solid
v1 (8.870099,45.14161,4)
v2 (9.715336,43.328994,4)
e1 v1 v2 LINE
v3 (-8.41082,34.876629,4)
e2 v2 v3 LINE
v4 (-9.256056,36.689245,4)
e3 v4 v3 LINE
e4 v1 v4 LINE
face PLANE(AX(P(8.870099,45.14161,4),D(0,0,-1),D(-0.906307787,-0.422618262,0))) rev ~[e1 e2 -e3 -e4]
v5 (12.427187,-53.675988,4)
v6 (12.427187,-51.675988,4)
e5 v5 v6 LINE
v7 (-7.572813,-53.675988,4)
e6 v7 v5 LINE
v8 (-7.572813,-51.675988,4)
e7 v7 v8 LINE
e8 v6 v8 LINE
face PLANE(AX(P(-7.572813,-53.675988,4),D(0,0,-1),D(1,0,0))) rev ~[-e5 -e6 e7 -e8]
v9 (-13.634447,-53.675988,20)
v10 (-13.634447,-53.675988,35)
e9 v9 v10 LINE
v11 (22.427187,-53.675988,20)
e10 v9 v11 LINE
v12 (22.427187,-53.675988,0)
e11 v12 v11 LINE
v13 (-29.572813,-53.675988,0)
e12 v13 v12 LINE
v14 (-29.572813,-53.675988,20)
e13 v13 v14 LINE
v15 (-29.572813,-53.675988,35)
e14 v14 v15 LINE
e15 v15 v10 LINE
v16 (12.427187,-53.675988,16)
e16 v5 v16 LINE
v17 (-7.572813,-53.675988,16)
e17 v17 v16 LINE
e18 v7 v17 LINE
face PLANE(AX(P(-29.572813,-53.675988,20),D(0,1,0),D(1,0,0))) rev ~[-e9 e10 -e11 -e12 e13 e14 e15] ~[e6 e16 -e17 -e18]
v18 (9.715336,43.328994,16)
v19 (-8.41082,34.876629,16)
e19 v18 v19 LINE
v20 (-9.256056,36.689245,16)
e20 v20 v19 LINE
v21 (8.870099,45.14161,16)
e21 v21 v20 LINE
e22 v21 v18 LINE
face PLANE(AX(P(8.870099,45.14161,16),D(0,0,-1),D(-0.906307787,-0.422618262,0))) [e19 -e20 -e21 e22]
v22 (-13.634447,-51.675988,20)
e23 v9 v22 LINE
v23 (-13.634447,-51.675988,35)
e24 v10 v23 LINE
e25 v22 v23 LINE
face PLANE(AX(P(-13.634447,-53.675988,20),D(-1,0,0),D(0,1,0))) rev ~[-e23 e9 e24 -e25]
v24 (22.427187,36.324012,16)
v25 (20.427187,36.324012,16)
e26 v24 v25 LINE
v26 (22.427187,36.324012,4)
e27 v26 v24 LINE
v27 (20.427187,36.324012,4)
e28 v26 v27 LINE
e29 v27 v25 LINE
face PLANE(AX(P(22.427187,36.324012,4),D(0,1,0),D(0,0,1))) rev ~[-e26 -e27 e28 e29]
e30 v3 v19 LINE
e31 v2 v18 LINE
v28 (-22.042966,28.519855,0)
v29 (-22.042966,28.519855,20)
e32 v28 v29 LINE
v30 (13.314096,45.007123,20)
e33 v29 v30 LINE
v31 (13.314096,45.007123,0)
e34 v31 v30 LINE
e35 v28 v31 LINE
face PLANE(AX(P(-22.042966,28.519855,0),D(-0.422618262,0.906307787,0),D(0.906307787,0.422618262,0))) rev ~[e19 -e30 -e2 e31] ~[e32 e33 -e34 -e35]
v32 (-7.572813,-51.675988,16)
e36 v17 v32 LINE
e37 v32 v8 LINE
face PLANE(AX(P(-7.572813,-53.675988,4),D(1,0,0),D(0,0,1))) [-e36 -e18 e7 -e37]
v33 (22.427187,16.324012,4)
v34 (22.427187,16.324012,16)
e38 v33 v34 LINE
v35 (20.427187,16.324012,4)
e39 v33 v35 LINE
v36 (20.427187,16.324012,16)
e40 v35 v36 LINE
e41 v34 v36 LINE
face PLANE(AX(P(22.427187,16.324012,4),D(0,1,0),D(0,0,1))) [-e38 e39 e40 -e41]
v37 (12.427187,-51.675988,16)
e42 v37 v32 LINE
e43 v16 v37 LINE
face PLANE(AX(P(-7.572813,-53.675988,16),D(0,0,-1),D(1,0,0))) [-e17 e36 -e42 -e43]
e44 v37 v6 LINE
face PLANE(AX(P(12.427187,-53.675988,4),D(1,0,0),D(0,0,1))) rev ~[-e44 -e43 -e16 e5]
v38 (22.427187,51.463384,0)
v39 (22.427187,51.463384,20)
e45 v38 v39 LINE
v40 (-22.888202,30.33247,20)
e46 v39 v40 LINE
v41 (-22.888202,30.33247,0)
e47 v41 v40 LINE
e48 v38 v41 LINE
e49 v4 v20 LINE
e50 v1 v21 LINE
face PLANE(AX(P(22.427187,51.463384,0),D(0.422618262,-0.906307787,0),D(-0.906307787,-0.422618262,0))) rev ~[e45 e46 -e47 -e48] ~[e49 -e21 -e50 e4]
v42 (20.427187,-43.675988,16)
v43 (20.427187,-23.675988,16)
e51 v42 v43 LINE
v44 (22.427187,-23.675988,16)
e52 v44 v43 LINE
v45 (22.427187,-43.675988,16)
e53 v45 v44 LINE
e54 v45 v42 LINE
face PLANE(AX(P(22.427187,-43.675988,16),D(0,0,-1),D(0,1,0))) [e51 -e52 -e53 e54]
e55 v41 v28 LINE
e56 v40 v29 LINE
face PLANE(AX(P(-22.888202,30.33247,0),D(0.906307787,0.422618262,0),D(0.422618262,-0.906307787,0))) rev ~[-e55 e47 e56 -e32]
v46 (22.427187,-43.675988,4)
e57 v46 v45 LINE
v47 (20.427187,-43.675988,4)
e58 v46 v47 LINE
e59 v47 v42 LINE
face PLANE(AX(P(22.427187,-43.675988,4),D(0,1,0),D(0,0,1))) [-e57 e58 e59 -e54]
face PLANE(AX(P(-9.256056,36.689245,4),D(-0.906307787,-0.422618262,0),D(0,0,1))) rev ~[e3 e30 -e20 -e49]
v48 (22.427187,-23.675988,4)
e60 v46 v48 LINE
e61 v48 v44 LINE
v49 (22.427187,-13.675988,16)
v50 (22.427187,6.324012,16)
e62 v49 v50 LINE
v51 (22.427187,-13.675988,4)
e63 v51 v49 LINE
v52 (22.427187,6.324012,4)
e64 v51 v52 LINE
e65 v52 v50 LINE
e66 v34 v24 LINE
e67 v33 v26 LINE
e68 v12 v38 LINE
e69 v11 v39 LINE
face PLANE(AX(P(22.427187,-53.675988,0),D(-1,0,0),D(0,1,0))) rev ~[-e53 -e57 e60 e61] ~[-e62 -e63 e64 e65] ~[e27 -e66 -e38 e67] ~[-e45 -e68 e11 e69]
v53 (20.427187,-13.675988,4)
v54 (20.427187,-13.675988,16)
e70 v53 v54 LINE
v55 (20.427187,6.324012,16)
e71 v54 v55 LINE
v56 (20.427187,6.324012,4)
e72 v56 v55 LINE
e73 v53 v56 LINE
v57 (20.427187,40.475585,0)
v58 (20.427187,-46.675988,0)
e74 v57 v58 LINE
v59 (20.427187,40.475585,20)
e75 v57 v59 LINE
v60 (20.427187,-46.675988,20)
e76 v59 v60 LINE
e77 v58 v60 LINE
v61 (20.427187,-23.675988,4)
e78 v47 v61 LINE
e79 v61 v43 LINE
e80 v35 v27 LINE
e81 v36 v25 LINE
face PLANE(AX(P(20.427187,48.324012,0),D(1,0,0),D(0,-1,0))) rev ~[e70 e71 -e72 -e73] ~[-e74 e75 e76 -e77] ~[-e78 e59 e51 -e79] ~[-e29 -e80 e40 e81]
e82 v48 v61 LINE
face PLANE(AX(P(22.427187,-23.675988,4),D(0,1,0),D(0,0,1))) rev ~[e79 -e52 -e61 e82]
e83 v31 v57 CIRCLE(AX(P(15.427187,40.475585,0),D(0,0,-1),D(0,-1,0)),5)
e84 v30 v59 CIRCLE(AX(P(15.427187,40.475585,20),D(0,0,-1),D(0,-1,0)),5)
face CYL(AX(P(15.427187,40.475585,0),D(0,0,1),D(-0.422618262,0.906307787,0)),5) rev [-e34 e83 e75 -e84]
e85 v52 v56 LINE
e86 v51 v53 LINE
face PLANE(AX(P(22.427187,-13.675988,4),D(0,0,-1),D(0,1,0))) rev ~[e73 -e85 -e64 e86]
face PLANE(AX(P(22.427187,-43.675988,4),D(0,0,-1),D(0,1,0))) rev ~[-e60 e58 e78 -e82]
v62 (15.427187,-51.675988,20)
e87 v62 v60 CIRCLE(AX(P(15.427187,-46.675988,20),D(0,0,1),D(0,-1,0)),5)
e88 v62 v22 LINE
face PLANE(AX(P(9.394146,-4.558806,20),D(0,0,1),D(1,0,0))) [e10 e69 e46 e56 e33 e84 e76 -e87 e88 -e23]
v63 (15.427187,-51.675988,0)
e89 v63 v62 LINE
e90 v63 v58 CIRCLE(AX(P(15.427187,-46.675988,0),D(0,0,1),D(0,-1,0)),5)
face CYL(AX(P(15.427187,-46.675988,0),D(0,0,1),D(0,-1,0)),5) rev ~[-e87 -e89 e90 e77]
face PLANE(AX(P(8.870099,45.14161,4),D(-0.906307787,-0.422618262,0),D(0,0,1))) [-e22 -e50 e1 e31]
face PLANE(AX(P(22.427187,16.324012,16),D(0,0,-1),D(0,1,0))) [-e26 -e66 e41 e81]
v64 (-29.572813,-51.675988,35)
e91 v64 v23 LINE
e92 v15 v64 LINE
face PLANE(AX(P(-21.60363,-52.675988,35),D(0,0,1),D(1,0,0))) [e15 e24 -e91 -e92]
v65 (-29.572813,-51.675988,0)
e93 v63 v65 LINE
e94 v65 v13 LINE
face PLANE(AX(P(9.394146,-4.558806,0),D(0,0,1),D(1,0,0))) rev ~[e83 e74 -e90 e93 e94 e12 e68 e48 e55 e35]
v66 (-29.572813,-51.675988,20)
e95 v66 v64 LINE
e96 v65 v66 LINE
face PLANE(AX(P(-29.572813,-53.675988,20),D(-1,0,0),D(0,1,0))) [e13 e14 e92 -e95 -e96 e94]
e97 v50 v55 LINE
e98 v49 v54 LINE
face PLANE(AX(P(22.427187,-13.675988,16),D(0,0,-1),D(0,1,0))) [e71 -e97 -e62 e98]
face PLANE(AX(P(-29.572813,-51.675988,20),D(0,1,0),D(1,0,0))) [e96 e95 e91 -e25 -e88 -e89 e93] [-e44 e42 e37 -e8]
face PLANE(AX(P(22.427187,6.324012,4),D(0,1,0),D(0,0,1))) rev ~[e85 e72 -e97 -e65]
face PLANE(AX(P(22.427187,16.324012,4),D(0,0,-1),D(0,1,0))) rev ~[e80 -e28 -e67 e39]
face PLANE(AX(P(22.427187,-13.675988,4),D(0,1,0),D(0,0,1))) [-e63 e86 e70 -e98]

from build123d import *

# Parameters (mm, degrees)
F1_DEPTH  = 20
F2_R      = 5
F3_W      = 15.9383661317
F3_H      = 2
F4_DEPTH  = 15
F5_W      = 20
F5_H      = 12
F6_DEPTH  = 2
F7_W      = 20
F7_H      = 12
F8_DEPTH  = 15.2
F9_W      = 20
F9_H      = 12
F10_DEPTH = 25


with BuildPart() as f1:
    # F0 (on Top) → F1 (new body)
    with BuildSketch(Plane.XY):
        Polygon((20.42718686, -51.6759875909), (-29.57281314, -51.6759875909), (-29.57281314, -53.6759875909), (22.42718686, -53.6759875909), (22.42718686, 51.4633835634), (-22.8882024919, 30.3324704763), (-22.0429659684, 28.5198549023), (20.42718686, 48.3240124091), align=None)
    extrude(amount=F1_DEPTH)

    # F2
    f2_edges = [f1.edges().sort_by_distance(p)[0] for p in [
        (20.427187, 48.324012, 10),
        (20.427187, -51.675988, 10),
    ]]
    fillet(f2_edges, radius=F2_R)

    # F3 (on face) → F4 (join)
    with BuildSketch(Plane.XY.offset(20)):
        with Locations((-21.6036300742, -52.6759875909)):
            Rectangle(F3_W, F3_H)
    extrude(amount=F4_DEPTH)

    # F5 (on face) → F6 (cut, through all)
    with BuildSketch(Plane.YZ.offset(22.42718686)):
        with Locations((-33.6759875909, 10)):
            Rectangle(F5_W, F5_H)
        with Locations((-3.6759875909, 10)):
            Rectangle(F5_W, F5_H)
        with Locations((26.3240124091, 10)):
            Rectangle(F5_W, F5_H)
    extrude(amount=-F6_DEPTH, mode=Mode.SUBTRACT)

    # F7 (on face) → F8 (cut)
    with BuildSketch(Plane(origin=(-15.7059849883, 33.6815935008, 0), x_dir=(-0.906307787, -0.4226182617, 0), z_dir=(-0.4226182617, 0.906307787, 0))):
        with Locations((-17.1167086999, 10)):
            Rectangle(F7_W, F7_H)
    extrude(amount=-F8_DEPTH, mode=Mode.SUBTRACT)

    # F9 (on face) → F10 (cut)
    with BuildSketch(Plane.XZ.offset(53.6759875909)):
        with Locations((2.42718686, 10)):
            Rectangle(F9_W, F9_H)
    extrude(amount=-F10_DEPTH, mode=Mode.SUBTRACT)


solid = f1.part
